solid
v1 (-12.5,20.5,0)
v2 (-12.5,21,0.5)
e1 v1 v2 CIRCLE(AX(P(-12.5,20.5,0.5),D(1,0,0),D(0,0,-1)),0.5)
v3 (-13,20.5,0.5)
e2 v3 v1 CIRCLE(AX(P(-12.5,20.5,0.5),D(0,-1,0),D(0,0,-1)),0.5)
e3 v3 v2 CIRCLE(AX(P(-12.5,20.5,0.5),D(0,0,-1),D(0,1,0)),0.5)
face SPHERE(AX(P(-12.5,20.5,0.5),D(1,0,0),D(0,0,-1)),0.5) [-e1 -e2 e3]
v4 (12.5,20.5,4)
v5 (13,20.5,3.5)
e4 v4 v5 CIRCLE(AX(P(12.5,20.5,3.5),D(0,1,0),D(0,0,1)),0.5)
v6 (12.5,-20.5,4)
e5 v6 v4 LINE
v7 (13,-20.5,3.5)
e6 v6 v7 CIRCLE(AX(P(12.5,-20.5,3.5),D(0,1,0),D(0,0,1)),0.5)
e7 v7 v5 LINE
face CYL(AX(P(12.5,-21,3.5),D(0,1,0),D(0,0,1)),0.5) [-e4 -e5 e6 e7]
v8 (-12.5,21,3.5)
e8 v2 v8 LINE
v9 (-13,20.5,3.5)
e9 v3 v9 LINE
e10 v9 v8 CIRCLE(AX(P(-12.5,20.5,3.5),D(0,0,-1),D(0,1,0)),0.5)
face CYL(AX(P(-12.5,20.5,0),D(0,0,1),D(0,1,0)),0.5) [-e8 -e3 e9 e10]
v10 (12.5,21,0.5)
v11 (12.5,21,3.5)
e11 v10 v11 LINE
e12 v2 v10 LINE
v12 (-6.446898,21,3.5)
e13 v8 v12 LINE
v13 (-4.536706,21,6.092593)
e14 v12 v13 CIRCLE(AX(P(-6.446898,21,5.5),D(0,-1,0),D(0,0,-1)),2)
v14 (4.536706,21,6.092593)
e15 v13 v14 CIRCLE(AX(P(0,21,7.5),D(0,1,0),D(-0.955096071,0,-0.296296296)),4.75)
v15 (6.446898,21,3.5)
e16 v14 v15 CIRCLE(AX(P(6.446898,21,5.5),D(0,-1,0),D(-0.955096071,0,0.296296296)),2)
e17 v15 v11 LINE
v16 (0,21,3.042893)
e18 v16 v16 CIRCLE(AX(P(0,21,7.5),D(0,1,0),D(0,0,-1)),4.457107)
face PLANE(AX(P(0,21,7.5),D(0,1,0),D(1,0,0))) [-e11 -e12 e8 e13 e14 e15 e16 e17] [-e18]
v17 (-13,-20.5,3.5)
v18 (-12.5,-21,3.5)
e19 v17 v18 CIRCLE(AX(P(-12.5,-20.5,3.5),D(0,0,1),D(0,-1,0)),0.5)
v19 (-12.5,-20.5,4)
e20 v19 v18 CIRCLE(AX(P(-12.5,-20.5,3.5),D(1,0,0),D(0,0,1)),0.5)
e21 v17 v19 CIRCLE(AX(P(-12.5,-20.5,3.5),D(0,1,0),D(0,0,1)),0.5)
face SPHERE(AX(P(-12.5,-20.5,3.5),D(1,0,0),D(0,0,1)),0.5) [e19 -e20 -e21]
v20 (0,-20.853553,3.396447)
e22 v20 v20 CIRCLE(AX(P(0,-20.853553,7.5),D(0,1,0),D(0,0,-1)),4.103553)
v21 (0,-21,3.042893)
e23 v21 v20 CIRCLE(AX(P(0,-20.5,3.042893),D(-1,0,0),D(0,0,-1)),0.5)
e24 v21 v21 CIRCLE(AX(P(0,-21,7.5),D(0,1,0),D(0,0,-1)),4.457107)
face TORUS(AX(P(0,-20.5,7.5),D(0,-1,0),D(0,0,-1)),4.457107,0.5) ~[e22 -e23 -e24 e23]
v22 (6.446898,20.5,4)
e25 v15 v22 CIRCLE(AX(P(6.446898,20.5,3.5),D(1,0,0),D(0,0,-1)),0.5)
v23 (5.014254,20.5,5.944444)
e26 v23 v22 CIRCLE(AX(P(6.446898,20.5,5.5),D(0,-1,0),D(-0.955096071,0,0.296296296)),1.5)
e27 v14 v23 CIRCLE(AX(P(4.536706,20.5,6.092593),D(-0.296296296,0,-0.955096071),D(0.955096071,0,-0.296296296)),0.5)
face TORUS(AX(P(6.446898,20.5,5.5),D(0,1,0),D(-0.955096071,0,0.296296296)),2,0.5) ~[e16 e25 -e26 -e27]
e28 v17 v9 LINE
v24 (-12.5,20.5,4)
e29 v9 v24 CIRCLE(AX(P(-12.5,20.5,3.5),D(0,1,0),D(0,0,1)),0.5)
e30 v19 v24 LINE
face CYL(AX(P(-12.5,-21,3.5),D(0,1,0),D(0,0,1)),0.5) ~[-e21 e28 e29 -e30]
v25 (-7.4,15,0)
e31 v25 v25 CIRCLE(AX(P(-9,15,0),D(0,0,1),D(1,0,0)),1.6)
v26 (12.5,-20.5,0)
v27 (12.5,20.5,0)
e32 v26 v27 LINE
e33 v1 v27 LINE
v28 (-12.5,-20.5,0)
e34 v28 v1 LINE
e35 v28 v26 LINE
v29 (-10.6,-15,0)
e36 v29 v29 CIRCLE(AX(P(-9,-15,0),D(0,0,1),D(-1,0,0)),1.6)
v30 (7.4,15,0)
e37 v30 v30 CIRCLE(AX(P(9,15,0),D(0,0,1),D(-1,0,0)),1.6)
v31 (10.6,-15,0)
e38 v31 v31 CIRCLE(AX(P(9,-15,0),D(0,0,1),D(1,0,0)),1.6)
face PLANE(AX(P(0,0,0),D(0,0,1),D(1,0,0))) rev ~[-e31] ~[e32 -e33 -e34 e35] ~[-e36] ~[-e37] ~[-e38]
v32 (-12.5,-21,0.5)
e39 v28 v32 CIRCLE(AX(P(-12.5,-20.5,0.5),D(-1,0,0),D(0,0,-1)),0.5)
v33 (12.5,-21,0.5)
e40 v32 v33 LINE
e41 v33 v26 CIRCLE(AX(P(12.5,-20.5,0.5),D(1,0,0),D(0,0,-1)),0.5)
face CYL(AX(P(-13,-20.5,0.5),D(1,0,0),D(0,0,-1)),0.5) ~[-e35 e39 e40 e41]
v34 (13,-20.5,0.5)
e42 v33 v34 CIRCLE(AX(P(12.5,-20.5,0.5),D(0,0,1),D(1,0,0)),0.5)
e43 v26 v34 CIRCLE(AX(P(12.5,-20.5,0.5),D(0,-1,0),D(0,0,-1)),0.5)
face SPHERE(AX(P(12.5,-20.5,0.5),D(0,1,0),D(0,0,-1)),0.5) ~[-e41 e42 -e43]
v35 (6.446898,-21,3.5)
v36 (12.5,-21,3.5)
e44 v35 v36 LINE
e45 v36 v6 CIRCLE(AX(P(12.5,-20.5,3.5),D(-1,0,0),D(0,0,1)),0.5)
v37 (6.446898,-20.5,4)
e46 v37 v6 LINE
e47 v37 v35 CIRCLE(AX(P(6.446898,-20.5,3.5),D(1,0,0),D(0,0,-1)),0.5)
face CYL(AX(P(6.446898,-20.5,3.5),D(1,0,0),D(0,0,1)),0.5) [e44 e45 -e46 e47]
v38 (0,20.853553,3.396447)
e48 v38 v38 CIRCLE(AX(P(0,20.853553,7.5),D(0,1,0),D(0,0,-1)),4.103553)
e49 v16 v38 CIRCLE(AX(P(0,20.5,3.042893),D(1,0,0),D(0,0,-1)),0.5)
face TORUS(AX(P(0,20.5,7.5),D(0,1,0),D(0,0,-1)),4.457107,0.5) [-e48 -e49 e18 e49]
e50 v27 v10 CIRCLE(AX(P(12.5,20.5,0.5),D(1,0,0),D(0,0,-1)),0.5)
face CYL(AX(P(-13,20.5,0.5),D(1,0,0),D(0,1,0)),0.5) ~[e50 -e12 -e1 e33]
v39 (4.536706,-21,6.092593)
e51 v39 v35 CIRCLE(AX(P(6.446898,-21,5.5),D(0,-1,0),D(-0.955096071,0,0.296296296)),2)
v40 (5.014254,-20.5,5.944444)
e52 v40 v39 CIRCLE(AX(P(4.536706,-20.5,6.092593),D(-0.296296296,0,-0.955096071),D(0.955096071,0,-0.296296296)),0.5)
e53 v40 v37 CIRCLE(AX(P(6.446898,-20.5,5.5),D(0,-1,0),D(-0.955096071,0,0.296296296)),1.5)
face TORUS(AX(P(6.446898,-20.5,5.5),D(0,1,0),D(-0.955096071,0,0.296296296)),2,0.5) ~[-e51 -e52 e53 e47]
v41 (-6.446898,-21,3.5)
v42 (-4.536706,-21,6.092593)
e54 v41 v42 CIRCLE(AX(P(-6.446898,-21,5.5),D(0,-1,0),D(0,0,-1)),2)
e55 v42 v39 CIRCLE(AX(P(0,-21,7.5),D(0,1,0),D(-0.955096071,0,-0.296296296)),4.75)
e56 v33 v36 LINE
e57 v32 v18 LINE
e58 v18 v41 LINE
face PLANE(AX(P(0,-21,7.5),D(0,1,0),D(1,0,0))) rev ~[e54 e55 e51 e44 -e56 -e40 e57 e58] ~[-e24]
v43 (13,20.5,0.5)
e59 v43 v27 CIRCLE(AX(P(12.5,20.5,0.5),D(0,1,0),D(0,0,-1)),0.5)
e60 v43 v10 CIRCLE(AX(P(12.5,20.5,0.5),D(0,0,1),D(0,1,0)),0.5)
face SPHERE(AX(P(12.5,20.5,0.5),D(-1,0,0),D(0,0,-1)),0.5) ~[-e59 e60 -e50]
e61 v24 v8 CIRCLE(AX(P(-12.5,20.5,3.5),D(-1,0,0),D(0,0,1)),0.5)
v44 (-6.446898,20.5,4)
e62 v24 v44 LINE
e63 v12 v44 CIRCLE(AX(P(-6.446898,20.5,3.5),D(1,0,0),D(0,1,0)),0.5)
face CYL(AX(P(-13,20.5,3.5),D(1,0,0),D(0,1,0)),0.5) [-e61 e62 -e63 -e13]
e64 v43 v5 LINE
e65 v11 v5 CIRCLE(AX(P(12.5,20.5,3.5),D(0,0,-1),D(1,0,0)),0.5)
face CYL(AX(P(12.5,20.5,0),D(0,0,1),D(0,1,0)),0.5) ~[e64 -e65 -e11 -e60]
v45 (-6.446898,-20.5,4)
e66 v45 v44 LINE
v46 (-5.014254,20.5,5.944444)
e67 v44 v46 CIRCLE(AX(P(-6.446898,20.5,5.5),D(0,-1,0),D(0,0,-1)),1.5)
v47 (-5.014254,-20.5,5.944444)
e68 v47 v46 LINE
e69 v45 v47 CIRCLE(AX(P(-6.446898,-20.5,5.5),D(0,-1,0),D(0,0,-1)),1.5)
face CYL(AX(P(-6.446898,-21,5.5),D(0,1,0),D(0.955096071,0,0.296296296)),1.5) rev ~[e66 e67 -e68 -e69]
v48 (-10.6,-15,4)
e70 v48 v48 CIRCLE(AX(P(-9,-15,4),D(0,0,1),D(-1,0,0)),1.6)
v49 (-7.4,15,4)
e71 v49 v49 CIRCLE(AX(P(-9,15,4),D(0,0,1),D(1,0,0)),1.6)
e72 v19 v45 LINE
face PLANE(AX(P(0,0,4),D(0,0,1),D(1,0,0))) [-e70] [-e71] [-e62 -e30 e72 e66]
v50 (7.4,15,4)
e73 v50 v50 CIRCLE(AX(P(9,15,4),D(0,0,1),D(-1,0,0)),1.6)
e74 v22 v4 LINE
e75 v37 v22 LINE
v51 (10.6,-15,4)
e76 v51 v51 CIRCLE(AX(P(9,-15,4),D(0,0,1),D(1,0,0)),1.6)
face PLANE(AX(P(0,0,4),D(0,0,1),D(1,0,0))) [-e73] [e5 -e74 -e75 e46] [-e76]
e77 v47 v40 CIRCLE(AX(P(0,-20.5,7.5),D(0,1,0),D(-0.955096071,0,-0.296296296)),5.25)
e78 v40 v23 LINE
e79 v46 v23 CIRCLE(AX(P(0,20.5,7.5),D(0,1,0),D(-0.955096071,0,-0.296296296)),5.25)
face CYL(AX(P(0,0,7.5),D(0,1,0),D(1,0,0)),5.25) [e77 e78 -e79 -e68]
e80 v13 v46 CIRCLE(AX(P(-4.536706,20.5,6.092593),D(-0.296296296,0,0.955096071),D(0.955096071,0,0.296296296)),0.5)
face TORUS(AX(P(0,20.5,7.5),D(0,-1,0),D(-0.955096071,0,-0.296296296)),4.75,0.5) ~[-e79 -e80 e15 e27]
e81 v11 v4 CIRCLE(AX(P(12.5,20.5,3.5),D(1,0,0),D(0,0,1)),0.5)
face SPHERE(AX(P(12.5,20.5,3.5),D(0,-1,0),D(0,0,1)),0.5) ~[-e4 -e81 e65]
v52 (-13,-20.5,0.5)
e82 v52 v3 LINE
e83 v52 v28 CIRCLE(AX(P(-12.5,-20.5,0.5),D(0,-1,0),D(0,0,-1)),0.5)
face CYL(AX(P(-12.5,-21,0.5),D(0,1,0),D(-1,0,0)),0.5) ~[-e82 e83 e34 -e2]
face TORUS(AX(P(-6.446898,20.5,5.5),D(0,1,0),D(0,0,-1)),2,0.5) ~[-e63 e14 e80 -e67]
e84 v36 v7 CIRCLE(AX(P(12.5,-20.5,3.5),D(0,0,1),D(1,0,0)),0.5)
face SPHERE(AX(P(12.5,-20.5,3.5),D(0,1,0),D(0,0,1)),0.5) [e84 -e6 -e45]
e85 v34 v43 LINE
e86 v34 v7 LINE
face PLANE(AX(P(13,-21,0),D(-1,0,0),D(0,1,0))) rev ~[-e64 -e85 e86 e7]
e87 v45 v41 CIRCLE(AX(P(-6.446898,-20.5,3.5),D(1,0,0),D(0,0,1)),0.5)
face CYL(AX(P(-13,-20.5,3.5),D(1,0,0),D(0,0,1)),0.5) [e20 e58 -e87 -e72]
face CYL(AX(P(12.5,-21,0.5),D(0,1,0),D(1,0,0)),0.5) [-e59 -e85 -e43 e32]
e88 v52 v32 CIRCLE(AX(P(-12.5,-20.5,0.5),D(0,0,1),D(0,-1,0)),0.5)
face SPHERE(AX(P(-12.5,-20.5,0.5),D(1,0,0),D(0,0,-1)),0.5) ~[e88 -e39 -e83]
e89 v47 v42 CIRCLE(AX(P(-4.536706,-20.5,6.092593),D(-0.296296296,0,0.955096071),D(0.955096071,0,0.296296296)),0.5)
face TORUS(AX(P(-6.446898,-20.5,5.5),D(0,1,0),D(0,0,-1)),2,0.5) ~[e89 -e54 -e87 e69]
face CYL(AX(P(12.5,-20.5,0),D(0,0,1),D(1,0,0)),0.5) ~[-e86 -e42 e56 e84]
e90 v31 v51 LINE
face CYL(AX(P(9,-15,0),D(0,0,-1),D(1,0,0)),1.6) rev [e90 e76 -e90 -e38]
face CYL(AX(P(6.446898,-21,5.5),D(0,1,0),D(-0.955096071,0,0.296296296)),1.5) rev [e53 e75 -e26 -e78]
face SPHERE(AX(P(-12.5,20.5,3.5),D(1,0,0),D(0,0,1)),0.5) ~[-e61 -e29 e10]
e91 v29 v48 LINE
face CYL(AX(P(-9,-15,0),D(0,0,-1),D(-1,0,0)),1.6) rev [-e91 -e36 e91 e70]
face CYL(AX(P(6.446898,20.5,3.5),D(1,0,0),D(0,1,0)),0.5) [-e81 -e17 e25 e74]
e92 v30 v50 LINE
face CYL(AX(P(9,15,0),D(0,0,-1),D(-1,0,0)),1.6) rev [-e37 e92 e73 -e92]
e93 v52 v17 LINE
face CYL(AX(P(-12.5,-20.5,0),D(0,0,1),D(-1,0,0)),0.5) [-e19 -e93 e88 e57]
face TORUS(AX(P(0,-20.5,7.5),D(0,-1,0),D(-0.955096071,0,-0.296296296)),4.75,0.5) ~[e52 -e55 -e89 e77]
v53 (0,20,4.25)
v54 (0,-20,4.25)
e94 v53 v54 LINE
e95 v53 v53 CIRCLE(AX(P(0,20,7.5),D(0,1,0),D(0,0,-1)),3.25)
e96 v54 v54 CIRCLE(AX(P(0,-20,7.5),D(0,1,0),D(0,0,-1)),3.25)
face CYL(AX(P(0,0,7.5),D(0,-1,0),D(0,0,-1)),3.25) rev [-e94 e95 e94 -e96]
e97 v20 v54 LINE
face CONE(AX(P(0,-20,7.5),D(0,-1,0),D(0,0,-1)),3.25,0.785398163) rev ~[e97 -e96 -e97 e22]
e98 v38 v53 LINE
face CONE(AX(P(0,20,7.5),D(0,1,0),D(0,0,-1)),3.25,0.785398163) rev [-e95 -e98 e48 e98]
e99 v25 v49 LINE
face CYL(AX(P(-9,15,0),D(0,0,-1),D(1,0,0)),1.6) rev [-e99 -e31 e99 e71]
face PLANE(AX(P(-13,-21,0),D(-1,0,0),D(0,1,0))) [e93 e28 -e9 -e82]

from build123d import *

# Parameters (mm, degrees)
SKETCH_1_W      = 26
SKETCH_1_H      = 42
SKETCH_1_R      = 1.6
EXTRUDE_1_DEPTH = 4
SKETCH_3_R      = 5.25
SKETCH_3_R_2    = 3.25
EXTRUDE_2_DEPTH = 21
FILLET_1_R      = 1.5
CHAMFER_1_SIZE  = 1
FILLET_3_R      = 0.5


with BuildPart() as part:
    # 草图1 → 凸台-拉伸1 (new body)
    with BuildSketch(Plane.XY):
        Rectangle(SKETCH_1_W, SKETCH_1_H)
        with Locations((-9, 15)):
            Circle(SKETCH_1_R, mode=Mode.SUBTRACT)
        with Locations(Location((-9, -15, 0), (0, 0, 180))):
            Circle(SKETCH_1_R, mode=Mode.SUBTRACT)
        with Locations((9, -15)):
            Circle(SKETCH_1_R, mode=Mode.SUBTRACT)
        with Locations(Location((9, 15, 0), (0, 0, 180))):
            Circle(SKETCH_1_R, mode=Mode.SUBTRACT)
    extrude(amount=EXTRUDE_1_DEPTH)

    # 草图3 → 凸台-拉伸2 (add, symmetric)
    with BuildSketch(Plane(origin=(0, 0, 0), x_dir=(1, 0, 0), z_dir=(0, 1, 0))):
        with Locations((0, -7.5)):
            Circle(SKETCH_3_R)
        with Locations(Location((0, -7.5, 0), (0, 0, 90))):
            Circle(SKETCH_3_R_2, mode=Mode.SUBTRACT)
    extrude(amount=EXTRUDE_2_DEPTH, both=True)

    # 圆角1
    fillet_1_edges = [part.edges().sort_by_distance(p)[0] for p in [
        (-3.913118961, 0, 4),
        (3.913118961, 0, 4),
    ]]
    fillet(fillet_1_edges, radius=FILLET_1_R)

    # 倒角1
    chamfer_1_edges = [part.edges().sort_by_distance(p)[0] for p in [
        (0, -21, 10.75),
        (0, 21, 10.75),
    ]]
    chamfer(chamfer_1_edges, length=CHAMFER_1_SIZE)

    # 圆角3
    fillet_3_edges = [part.edges().sort_by_distance(p)[0] for p in [
        (13, 0, 4),
        (9.72344924, 21, 4),
        (9.72344924, -21, 4),
        (0, -21, 12.75),
        (0, 21, 12.75),
        (-9.72344924, 21, 4),
        (5.23928375, -21, 4.610243479),
        (5.23928375, 21, 4.610243479),
        (-13, 0, 4),
        (0, 21, 0),
        (-5.23928375, 21, 4.610243479),
        (-5.23928375, -21, 4.610243479),
        (13, 0, 0),
        (0, -21, 0),
        (0, -21, 11.75),
        (0, 21, 11.75),
        (-13, 0, 0),
        (-13, 21, 2),
        (13, 21, 2),
        (13, -21, 2),
        (-13, -21, 2),
        (-9.72344924, -21, 4),
    ]]
    fillet(fillet_3_edges, radius=FILLET_3_R)


solid = part.part
